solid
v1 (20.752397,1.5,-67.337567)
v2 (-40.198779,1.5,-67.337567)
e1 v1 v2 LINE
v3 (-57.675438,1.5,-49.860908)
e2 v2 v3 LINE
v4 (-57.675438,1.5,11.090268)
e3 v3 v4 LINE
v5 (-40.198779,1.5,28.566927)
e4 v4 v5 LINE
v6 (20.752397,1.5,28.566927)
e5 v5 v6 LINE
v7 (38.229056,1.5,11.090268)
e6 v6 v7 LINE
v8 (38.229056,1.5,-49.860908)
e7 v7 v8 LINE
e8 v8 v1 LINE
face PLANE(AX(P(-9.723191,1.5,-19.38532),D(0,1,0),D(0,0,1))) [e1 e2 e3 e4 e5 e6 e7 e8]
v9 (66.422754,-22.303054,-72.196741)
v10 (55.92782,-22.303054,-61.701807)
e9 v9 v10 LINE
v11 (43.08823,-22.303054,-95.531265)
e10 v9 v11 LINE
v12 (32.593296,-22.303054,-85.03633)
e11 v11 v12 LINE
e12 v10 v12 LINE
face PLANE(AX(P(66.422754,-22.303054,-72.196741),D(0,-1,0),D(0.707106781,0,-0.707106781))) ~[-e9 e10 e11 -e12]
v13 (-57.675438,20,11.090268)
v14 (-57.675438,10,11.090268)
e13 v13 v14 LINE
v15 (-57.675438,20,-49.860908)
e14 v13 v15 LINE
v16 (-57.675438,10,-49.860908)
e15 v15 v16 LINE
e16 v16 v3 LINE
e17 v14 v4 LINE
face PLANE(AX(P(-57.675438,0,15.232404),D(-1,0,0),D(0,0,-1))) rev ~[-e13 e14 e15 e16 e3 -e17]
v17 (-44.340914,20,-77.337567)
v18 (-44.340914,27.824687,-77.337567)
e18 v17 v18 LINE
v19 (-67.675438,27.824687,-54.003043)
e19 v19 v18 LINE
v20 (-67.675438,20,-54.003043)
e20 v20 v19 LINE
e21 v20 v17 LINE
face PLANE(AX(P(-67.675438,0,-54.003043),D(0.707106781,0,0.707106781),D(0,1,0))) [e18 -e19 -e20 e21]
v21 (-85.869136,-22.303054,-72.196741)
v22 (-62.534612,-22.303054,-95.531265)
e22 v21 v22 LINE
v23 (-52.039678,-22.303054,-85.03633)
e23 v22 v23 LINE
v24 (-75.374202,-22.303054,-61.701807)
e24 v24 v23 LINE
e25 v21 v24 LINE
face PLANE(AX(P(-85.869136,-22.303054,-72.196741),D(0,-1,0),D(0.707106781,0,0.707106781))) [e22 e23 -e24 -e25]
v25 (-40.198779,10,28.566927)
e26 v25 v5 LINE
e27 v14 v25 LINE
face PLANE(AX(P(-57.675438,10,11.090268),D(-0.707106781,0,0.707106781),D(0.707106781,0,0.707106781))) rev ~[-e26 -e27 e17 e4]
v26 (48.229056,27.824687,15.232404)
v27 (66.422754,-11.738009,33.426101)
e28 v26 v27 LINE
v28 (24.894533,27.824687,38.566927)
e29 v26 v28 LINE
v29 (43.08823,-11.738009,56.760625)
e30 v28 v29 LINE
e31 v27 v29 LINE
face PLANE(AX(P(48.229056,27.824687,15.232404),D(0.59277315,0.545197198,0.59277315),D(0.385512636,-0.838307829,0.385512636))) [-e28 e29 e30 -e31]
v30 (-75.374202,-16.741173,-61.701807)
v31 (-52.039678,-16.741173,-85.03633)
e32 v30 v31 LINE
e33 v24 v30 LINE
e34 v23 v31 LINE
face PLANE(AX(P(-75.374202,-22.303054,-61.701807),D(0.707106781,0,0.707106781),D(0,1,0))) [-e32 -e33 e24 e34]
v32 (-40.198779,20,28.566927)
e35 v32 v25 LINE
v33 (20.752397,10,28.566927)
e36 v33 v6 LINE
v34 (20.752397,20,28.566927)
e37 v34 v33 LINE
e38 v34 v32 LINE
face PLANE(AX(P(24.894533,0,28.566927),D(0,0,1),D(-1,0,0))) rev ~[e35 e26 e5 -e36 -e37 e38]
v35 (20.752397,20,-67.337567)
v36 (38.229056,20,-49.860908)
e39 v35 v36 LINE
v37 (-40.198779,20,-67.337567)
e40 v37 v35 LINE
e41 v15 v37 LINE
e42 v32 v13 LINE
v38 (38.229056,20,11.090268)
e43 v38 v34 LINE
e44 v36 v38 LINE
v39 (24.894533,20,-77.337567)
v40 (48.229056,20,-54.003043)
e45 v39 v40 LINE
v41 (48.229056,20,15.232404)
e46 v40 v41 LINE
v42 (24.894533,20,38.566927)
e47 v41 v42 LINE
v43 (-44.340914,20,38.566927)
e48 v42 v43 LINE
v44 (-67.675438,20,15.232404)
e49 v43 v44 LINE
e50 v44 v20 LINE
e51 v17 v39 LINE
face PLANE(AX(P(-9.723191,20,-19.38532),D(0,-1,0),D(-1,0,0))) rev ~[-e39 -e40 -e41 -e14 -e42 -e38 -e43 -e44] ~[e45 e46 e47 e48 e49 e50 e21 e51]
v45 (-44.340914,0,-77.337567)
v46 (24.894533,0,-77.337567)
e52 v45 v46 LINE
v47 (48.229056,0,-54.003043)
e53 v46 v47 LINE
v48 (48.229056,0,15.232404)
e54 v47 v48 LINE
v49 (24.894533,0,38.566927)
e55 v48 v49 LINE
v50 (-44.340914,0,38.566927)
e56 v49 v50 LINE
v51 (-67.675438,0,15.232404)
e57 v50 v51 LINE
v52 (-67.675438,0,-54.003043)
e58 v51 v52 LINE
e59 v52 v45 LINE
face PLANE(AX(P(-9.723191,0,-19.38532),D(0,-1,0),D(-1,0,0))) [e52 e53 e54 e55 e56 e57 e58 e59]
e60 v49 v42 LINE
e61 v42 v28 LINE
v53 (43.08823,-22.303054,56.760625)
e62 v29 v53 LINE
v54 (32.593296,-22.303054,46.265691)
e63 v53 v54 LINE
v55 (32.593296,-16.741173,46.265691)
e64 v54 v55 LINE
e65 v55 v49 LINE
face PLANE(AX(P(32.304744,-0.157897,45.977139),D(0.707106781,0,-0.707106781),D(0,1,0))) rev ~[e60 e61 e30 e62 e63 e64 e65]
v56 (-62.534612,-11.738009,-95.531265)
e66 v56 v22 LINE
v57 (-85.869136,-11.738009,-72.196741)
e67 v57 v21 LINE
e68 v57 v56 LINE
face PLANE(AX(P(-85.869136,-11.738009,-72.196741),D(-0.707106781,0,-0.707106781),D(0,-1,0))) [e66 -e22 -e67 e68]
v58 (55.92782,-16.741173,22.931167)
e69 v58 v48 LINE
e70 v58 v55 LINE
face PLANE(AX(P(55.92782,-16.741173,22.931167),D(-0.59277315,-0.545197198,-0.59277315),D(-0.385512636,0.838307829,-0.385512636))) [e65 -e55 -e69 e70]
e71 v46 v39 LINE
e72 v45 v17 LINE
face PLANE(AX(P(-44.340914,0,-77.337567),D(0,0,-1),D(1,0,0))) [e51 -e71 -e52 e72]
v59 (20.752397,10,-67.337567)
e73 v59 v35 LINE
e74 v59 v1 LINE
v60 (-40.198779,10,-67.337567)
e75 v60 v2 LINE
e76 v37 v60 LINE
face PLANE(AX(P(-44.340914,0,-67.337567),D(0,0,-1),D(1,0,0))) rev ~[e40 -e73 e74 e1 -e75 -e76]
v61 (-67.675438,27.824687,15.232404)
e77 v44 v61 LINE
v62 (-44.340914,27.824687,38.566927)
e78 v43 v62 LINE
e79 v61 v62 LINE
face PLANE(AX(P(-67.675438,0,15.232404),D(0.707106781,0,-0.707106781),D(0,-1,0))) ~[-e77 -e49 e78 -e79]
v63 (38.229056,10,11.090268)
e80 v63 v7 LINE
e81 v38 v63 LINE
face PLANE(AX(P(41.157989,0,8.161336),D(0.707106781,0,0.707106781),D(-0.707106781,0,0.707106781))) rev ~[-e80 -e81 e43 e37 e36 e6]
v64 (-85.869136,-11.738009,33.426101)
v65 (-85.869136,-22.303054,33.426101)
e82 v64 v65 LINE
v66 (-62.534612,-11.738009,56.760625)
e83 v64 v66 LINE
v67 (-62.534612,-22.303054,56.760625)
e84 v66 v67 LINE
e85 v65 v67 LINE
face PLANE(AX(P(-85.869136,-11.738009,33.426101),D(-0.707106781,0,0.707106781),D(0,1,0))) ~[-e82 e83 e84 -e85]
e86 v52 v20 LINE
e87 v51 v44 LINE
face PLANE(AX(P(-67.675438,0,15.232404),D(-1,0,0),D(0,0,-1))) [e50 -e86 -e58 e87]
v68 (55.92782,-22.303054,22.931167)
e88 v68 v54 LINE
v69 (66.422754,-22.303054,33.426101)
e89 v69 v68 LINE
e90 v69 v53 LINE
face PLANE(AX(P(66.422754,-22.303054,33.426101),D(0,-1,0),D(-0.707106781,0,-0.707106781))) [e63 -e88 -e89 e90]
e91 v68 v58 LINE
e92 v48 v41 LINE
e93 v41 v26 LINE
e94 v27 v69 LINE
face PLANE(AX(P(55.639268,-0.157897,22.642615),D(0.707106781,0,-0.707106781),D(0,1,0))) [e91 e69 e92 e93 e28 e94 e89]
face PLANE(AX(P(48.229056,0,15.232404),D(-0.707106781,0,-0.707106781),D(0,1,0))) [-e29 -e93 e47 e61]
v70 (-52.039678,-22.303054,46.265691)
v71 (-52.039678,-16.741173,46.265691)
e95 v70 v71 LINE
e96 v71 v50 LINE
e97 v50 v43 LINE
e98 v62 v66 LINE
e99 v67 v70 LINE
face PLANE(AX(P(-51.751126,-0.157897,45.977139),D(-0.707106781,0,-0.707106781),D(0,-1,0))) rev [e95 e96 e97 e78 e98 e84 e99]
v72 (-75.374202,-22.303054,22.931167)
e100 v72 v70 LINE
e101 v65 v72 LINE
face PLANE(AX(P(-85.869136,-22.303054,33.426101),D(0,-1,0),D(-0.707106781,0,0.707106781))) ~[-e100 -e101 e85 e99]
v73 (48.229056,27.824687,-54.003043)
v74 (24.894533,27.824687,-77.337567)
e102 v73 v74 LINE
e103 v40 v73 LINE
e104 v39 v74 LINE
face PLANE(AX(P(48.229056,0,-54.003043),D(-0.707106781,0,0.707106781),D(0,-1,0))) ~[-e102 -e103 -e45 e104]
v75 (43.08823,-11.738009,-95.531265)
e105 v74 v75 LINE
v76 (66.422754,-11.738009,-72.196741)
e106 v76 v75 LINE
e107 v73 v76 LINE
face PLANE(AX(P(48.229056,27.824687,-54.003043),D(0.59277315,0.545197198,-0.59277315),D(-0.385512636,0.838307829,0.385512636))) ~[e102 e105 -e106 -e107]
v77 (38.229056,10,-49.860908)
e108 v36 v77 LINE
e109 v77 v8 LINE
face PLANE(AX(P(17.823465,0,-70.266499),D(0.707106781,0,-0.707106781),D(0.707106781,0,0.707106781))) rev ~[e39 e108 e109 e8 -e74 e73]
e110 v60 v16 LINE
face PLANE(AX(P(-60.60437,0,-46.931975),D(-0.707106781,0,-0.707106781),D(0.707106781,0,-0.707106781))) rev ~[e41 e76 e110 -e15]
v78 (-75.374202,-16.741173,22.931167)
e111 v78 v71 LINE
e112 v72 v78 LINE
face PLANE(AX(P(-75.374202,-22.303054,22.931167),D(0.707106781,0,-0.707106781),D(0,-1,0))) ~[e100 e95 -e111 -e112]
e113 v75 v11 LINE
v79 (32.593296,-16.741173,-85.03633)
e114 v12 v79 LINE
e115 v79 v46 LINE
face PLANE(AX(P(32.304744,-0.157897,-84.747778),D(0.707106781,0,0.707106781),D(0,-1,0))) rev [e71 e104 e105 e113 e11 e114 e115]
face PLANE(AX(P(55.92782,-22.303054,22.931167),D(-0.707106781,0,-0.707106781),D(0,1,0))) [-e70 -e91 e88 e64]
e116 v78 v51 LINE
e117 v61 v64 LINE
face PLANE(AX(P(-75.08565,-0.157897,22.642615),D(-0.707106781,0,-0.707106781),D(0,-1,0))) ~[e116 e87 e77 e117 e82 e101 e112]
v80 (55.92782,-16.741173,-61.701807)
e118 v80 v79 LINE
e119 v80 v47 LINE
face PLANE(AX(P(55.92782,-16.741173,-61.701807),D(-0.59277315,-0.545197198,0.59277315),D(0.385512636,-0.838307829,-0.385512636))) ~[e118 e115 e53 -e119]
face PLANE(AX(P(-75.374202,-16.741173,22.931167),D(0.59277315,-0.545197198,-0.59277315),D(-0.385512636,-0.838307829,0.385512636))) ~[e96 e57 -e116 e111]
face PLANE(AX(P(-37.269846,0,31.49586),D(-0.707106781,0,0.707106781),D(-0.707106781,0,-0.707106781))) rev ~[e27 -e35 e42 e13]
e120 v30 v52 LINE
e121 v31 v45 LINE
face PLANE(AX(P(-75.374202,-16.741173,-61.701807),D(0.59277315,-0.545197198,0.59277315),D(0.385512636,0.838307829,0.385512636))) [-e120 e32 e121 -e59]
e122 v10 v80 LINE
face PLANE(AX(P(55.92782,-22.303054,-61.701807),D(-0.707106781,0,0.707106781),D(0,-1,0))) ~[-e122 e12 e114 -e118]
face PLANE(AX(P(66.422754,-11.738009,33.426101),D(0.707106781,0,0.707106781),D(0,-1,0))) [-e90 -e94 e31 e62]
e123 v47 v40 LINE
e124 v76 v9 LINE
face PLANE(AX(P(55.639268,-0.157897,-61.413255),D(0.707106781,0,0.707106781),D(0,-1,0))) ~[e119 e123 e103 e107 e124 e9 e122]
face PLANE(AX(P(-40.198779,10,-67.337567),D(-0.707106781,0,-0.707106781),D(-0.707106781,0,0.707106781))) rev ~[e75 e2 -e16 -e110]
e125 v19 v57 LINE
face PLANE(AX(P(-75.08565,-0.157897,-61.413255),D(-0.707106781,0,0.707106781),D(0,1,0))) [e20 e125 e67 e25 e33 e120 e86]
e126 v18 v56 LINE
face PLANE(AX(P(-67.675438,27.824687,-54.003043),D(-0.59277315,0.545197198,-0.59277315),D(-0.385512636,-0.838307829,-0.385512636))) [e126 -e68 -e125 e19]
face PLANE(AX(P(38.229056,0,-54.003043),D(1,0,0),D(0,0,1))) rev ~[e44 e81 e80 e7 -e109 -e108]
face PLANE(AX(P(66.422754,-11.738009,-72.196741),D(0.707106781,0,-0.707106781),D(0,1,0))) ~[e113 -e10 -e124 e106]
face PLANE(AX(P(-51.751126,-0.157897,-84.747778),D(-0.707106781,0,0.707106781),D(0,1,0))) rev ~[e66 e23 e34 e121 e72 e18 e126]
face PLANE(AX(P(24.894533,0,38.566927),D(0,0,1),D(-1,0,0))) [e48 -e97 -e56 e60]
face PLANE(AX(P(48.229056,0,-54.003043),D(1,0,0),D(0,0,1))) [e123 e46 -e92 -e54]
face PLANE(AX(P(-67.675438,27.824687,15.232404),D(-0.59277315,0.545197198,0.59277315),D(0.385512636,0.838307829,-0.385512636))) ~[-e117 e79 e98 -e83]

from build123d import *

# Parameters (mm, degrees)
BOSS_EXTRUDE1_DEPTH      = 20
SHELL1_T                 = -10
SHELL1_THICKNESS_2_DEPTH = 8.5
BOSS_EXTRUDE2_DEPTH      = 33
MIRROR2_COPY_1_DEPTH     = 33


with BuildPart() as part:
    # Sketch1 → Boss-Extrude1 (new body)
    with BuildSketch(Plane(origin=(0, 0, 0), x_dir=(1, 0, 0), z_dir=(0, 1, 0))):
        Polygon((24.894532576, 77.33756703), (48.229056355, 54.003043251), (48.229056355, -15.232403626), (24.894532576, -38.566927405), (-44.340914301, -38.566927405), (-67.675438081, -15.232403626), (-67.675438081, 54.003043251), (-44.340914301, 77.33756703), align=None)
    extrude(amount=BOSS_EXTRUDE1_DEPTH)

    # Shell1
    shell1_openings = [part.faces().sort_by_distance(p)[0] for p in [
        (-9.723190863, 20, -19.385319812),
    ]]
    offset(amount=SHELL1_T, openings=shell1_openings, kind=Kind.INTERSECTION)

    # Shell1 thickness 2 face (on inner face of the shell) → Shell1 thickness 2 (cut)
    with BuildSketch(Plane(origin=(-9.723190863, 10, -19.385319812), x_dir=(0, 0, -1), z_dir=(0, -1, 0))):
        Polygon((30.475587815, 47.952247218), (47.952247218, 30.475587815), (47.952247218, -30.475587815), (30.475587815, -47.952247218), (-30.475587814, -47.952247218), (-47.952247217, -30.475587815), (-47.952247217, 30.475587815), (-30.475587814, 47.952247218), align=None)
    extrude(amount=SHELL1_THICKNESS_2_DEPTH, mode=Mode.SUBTRACT)

    # Sketch3 → Boss-Extrude2 (add)
    with BuildSketch(Plane(origin=(-6.836197415, 0, 6.836197415), x_dir=(0, -1, 0), z_dir=(0.7071067811865477, 0, -0.7071067811865475))):
        Polygon((-27.824686591, 86.039679274), (11.738008985, 111.769453035), (22.303053884, 111.769453035), (22.303053884, 96.927374932), (16.741172808, 96.927374932), (0, 86.039679274), align=None)
    boss_extrude2 = extrude(amount=BOSS_EXTRUDE2_DEPTH)

    # Mirror1: Boss-Extrude2 across plane
    add(boss_extrude2.mirror(Plane.XY.offset(-19.385319812)))

    # Mirror2: Boss-Extrude2 across plane
    add(boss_extrude2.mirror(Plane.ZY.offset(9.723190863)))

    # Mirror2 copy 1 sketch → Mirror2 copy 1 (add)
    with BuildSketch(Plane(origin=(-12.610184311, 0, -45.60683704), x_dir=(0, -1, 0), z_dir=(-0.7071067811865477, 0, 0.7071067811865475))):
        Polygon((-27.824686591, 86.039679274), (11.738008985, 111.769453035), (22.303053884, 111.769453035), (22.303053884, 96.927374932), (16.741172808, 96.927374932), (0, 86.039679274), align=None)
    extrude(amount=MIRROR2_COPY_1_DEPTH)


solid = part.part
